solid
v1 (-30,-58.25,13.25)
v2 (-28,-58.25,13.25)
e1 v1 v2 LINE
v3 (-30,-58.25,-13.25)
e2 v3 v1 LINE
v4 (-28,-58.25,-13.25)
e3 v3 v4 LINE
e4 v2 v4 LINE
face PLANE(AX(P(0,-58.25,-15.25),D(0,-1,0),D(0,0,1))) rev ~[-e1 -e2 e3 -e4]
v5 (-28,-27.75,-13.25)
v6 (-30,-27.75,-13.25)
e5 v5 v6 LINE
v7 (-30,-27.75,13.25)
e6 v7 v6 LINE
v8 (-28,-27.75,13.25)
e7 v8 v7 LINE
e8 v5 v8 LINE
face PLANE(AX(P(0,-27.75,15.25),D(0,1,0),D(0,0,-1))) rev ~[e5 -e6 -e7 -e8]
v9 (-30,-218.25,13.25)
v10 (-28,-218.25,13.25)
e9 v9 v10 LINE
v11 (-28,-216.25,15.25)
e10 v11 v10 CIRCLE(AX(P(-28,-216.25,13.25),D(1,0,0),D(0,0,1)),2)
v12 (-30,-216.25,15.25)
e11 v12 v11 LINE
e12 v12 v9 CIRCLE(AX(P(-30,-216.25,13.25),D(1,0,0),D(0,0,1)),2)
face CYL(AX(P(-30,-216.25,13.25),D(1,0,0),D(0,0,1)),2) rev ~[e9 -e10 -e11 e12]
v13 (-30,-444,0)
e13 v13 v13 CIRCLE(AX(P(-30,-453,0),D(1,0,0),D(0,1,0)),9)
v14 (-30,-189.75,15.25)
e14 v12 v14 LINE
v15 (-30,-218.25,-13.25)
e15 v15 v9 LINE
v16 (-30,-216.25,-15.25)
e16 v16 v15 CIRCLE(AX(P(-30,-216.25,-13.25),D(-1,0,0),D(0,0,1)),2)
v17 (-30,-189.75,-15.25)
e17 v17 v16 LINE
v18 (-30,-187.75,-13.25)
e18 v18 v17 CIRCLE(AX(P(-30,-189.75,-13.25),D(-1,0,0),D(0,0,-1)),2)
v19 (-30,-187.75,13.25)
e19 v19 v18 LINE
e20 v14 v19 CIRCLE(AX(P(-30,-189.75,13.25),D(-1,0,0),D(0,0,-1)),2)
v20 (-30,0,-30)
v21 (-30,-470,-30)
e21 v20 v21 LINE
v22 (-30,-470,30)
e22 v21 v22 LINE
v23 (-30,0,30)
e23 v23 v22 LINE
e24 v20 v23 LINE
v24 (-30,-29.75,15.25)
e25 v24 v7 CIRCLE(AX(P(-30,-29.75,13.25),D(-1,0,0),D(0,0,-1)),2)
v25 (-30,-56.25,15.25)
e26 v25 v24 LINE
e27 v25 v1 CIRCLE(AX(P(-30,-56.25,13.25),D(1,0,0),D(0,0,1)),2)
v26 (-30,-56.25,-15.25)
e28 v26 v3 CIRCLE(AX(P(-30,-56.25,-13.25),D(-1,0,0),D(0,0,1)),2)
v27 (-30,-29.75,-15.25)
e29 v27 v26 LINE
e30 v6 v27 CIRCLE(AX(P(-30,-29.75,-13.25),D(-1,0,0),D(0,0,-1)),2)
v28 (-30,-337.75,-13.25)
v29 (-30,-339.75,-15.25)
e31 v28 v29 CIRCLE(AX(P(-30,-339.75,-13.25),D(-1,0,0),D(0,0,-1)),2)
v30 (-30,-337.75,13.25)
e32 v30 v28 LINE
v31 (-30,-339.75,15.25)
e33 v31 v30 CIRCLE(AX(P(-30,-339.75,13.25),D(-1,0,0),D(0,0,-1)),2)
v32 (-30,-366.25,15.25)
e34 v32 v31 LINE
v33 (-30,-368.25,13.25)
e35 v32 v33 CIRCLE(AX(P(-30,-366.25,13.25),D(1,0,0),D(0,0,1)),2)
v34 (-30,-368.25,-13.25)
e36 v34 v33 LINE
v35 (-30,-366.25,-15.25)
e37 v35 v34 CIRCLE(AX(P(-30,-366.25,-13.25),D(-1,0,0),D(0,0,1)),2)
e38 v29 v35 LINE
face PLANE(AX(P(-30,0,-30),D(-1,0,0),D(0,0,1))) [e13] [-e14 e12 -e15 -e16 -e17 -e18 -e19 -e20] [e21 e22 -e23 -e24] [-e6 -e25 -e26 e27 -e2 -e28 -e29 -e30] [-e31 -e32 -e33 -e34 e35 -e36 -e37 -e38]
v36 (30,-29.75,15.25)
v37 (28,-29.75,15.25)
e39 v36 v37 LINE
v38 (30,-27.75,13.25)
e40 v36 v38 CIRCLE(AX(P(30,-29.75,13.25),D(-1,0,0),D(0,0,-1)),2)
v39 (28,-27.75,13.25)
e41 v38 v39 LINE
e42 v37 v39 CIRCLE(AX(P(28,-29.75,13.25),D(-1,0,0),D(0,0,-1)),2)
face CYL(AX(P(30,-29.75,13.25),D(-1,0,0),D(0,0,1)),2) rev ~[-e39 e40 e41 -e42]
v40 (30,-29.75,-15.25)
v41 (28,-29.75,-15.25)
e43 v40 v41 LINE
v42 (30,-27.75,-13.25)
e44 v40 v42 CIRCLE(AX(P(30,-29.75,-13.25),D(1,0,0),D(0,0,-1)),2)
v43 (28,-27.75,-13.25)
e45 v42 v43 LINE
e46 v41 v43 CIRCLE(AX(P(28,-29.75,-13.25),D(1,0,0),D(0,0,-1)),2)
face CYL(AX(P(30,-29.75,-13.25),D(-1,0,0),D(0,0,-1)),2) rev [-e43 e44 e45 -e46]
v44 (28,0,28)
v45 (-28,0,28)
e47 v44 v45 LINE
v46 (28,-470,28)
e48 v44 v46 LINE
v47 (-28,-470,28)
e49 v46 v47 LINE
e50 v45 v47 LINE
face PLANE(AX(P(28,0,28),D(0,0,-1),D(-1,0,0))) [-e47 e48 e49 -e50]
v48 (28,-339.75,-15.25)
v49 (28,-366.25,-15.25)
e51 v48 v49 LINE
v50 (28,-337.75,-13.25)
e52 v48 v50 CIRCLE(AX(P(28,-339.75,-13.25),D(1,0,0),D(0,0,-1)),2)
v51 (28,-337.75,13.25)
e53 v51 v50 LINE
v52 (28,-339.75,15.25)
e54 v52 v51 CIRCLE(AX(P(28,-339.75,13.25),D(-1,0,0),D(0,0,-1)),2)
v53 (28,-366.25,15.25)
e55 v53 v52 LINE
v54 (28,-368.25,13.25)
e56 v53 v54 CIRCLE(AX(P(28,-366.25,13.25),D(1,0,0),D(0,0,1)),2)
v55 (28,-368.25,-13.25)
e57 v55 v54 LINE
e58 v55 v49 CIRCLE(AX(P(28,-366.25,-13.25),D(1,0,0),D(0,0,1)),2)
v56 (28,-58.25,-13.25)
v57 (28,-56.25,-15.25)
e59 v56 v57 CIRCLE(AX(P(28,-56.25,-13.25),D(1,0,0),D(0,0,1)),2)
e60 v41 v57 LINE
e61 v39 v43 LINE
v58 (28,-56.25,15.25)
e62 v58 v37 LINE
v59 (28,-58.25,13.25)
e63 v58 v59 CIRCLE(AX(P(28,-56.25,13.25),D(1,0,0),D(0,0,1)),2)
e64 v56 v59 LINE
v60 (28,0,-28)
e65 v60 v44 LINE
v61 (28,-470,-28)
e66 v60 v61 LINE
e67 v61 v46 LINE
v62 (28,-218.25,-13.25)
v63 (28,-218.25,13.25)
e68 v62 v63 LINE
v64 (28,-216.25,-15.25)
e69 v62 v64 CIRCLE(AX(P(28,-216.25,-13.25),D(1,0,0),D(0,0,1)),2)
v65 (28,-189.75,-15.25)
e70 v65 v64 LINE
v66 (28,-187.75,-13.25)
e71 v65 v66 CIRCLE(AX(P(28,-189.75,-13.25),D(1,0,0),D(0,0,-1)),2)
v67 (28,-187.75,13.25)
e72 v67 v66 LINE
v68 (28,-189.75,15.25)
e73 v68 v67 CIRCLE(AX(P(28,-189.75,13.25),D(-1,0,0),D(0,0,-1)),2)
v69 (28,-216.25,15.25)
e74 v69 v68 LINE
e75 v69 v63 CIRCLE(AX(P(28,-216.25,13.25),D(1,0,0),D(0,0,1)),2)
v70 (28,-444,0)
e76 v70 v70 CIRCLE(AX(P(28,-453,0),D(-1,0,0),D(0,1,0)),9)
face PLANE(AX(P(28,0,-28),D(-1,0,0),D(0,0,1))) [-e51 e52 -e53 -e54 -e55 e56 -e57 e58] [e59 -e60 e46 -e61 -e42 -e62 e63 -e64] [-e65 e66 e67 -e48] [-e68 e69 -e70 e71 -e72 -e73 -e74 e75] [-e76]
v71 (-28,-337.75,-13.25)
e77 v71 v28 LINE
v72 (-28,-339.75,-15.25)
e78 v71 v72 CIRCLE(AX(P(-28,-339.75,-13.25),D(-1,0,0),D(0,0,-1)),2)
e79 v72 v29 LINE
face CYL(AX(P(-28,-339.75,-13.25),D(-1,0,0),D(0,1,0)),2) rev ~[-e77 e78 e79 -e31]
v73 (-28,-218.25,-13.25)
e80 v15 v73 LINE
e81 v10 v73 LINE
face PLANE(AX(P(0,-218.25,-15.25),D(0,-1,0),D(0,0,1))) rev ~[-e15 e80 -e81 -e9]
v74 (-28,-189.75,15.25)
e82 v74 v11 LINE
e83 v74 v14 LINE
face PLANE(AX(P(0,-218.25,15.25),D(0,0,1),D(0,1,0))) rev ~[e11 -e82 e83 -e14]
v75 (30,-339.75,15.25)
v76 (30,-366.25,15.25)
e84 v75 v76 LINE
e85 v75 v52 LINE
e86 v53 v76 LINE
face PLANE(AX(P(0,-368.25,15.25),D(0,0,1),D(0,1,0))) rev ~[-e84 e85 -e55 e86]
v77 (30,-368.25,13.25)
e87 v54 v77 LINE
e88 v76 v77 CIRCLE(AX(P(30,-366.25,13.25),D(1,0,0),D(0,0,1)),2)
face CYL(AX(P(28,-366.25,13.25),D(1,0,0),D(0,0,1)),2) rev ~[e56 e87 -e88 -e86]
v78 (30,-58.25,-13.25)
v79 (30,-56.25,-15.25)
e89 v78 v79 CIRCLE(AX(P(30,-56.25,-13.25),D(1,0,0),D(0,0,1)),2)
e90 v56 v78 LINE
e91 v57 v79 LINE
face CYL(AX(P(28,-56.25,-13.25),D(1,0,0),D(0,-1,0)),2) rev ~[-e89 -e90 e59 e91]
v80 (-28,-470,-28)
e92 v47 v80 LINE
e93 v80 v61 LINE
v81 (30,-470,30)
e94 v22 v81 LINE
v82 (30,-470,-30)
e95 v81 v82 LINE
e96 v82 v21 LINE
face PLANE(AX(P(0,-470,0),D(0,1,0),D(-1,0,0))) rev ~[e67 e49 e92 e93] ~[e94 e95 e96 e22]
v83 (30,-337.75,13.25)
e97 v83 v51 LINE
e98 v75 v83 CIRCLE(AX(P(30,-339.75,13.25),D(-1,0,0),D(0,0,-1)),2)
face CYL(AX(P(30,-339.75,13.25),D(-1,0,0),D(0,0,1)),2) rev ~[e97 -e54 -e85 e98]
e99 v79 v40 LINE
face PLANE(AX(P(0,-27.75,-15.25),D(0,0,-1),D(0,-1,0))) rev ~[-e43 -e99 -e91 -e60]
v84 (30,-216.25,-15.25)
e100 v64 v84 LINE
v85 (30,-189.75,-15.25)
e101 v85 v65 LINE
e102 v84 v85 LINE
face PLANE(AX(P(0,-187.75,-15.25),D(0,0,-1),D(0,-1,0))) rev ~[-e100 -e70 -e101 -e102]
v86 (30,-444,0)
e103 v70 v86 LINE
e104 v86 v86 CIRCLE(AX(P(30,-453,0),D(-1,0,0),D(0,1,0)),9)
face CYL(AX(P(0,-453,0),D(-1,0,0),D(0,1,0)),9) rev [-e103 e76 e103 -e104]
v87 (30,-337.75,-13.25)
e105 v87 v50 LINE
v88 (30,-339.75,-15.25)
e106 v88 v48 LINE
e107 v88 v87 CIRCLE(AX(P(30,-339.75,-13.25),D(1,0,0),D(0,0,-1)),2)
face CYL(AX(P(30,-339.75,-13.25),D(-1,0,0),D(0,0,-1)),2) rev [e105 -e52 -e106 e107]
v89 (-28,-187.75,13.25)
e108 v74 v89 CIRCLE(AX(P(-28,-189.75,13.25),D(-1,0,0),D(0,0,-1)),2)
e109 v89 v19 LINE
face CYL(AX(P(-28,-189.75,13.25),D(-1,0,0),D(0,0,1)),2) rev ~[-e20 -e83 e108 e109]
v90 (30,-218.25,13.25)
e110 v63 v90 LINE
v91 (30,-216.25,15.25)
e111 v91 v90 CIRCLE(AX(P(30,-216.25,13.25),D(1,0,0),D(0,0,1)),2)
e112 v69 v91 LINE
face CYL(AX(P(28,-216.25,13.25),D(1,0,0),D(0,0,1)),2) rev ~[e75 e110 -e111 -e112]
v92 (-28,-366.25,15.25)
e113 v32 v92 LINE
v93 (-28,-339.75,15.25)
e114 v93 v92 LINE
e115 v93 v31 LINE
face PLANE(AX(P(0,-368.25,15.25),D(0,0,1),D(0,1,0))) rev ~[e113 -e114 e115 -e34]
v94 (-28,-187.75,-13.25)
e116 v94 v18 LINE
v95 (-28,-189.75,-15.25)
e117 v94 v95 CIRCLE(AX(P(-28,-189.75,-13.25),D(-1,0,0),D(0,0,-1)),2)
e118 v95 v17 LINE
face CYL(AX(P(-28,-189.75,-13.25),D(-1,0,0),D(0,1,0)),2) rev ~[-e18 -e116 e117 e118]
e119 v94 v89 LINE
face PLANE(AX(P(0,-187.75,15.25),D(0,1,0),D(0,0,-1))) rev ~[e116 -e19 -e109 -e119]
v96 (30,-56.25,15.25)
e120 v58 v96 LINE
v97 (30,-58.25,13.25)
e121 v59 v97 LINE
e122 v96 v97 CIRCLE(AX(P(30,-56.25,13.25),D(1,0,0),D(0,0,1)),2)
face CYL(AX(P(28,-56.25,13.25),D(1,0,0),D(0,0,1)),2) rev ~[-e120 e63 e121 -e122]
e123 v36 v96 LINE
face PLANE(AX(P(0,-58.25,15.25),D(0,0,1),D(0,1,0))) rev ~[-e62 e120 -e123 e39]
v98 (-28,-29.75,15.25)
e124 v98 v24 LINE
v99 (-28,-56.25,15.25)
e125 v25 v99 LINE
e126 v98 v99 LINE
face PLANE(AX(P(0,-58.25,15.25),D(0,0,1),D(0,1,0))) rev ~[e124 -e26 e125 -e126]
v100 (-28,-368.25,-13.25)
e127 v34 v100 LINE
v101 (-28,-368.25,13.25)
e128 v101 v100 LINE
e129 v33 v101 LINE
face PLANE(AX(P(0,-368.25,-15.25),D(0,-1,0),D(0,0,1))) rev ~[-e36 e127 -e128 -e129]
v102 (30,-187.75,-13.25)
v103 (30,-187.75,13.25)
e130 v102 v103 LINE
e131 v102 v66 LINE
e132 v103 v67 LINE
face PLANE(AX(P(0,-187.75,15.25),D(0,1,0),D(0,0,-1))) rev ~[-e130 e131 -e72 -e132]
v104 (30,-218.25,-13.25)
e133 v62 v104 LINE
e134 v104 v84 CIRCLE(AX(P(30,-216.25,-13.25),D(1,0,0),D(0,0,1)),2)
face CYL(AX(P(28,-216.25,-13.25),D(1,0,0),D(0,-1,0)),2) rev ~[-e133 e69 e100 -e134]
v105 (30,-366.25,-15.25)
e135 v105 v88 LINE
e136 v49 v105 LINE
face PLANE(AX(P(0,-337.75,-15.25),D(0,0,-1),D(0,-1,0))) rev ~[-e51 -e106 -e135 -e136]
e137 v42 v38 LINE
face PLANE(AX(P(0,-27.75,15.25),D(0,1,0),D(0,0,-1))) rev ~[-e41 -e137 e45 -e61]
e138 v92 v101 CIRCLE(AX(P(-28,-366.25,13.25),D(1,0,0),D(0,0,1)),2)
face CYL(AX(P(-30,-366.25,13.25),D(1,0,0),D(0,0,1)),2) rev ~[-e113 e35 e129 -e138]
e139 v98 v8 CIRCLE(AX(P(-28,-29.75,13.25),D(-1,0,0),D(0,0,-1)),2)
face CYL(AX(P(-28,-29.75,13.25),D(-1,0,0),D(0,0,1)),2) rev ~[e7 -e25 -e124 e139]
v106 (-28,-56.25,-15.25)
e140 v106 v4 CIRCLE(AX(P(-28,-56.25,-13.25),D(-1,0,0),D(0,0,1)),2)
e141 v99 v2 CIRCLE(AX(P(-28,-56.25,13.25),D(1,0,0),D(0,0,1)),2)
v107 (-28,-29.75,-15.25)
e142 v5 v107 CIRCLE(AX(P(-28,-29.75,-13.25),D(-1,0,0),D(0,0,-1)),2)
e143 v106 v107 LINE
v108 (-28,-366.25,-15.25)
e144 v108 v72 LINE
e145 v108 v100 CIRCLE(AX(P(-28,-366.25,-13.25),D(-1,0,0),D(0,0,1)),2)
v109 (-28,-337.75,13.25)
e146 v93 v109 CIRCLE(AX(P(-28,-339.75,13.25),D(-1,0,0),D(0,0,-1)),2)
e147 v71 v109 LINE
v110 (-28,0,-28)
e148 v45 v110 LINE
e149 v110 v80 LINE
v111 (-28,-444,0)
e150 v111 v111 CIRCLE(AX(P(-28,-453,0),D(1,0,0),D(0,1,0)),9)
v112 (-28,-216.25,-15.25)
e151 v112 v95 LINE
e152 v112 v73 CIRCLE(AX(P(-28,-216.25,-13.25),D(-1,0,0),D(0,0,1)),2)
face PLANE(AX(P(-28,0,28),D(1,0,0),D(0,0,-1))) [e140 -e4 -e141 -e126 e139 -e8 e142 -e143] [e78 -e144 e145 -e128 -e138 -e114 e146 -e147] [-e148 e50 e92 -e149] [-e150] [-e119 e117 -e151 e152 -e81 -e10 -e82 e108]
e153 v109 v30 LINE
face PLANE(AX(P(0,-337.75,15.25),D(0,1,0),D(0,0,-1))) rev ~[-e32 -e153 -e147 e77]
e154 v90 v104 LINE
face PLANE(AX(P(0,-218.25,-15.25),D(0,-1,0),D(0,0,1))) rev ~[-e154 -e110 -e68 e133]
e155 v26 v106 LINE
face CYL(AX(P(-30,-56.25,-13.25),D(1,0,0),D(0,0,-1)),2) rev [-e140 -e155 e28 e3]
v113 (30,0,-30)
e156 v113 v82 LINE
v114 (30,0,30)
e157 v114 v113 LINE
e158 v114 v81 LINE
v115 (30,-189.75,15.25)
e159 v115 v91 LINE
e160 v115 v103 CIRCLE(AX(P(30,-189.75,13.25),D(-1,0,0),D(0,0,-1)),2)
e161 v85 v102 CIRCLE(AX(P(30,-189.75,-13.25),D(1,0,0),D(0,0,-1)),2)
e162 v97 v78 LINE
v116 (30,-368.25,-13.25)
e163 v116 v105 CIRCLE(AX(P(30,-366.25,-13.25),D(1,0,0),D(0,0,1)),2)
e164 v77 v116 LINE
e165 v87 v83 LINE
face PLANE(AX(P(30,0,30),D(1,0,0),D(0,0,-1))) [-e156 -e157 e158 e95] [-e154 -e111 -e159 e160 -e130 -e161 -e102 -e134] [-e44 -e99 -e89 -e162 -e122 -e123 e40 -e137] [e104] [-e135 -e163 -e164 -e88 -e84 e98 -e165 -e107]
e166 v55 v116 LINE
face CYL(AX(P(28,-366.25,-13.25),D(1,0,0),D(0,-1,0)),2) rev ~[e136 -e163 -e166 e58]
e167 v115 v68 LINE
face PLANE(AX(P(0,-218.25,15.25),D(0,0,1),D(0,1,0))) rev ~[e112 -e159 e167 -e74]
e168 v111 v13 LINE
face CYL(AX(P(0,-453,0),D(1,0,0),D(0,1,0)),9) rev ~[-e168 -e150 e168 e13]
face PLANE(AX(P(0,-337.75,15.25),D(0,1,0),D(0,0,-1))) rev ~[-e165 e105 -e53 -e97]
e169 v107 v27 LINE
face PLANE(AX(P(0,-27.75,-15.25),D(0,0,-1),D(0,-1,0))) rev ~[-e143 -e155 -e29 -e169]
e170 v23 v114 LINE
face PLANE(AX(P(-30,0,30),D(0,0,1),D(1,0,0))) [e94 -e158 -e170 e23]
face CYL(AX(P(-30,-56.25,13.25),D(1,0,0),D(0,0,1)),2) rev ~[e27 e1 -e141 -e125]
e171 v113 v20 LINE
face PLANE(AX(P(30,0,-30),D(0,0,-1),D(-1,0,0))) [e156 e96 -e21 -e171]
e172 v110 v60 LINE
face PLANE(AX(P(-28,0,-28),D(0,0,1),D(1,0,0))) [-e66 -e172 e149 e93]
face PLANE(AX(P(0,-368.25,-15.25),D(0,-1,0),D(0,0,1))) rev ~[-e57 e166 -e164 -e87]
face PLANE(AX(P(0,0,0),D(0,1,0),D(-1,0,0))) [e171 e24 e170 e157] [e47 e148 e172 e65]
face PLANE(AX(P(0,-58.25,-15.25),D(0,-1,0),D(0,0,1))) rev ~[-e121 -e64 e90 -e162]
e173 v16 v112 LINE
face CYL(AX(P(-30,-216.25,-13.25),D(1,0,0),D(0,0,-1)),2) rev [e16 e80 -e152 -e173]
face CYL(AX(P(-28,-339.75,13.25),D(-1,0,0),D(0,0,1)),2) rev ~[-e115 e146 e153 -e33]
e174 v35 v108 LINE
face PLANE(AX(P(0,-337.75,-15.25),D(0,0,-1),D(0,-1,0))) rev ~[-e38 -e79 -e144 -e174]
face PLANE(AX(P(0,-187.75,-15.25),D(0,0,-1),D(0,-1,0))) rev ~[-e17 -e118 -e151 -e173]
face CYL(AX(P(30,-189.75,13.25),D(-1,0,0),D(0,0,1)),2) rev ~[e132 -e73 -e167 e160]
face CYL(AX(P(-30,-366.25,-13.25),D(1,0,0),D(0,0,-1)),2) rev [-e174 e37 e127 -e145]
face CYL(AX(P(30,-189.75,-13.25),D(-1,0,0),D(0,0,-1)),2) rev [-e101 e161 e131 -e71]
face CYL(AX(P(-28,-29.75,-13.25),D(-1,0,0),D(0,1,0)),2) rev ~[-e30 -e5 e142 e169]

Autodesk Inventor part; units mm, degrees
ref_plane "YZ Plane" through (0, 0, 0) normal (1, 0, 0) x (0, 1, 0)
ref_plane "XZ Plane" through (0, 0, 0) normal (0, 1, 0) x (-1, 0, 0)
ref_plane "XY Plane" through (0, 0, 0) normal (0, 0, 1) x (1, 0, 0)
sketch "Sketch9" plane through (0, 0, 0) normal (0, 1, 0) x (-1, 0, 0)
  line L0 (30, 30) -> (-30, 30)
  line L1 (-30, 30) -> (-30, -30)
  line L2 (-30, -30) -> (30, -30)
  line L3 (30, -30) -> (30, 30)
  line L4 (30, 30) -> (-30, -30) construction
  line L5 (-30, 30) -> (30, -30) construction
  line L6 (-28, 28) -> (28, 28)
  line L7 (28, 28) -> (28, -28)
  line L8 (28, -28) -> (-28, -28)
  line L9 (-28, -28) -> (-28, 28)
  point P0 (0, 0)
  dimension "d172" = 60
  dimension "d173" = 60
  dimension "d174" = 2
extrude "Extrusion3" add sketch "Sketch9" against normal blind 470
sketch "Sketch10" plane through (0, 0, 0) normal (1, 0, 0) x (0, 1, 0)
  line L0 (0, 30) -> (0, -30) construction
  line L1 (0, 30) -> (-470, 30) construction
  line L2 (-470, -30) -> (-470, 30) construction
  line L3 (0, -30) -> (-470, -30) construction
  line L4 (-58.25, 15.25) -> (-27.75, 15.25)
  line L5 (-27.75, 15.25) -> (-27.75, -15.25)
  line L6 (-27.75, -15.25) -> (-58.25, -15.25)
  line L7 (-58.25, -15.25) -> (-58.25, 15.25)
  line L8 (-58.25, 15.25) -> (-27.75, -15.25) construction
  line L9 (-27.75, 15.25) -> (-58.25, -15.25) construction
  line L10 (-218.25, 15.25) -> (-187.75, 15.25)
  line L11 (-187.75, 15.25) -> (-187.75, -15.25)
  line L12 (-187.75, -15.25) -> (-218.25, -15.25)
  line L13 (-218.25, -15.25) -> (-218.25, 15.25)
  line L14 (-218.25, 15.25) -> (-187.75, -15.25) construction
  line L15 (-187.75, 15.25) -> (-218.25, -15.25) construction
  line L16 (-368.25, 15.25) -> (-337.75, 15.25)
  line L17 (-337.75, 15.25) -> (-337.75, -15.25)
  line L18 (-337.75, -15.25) -> (-368.25, -15.25)
  line L19 (-368.25, -15.25) -> (-368.25, 15.25)
  line L20 (-368.25, 15.25) -> (-337.75, -15.25) construction
  line L21 (-337.75, 15.25) -> (-368.25, -15.25) construction
  circle A0 centre (-453, 0) radius 9
  line L22 (0, 0) -> (47, 0)
  point P0 (-43, 0)
  point P1 (-203, 0)
  point P2 (-353, 0)
  dimension "d177" = 30.5
  dimension "d178" = 30.5
  dimension "d181" = 47
  dimension "d182" = 90
  dimension "d183" = 250
  dimension "d184" = 400
  dimension "d185" = 500
  dimension "d186" = 18
extrude "Extrusion4" cut sketch "Sketch10" along normal through all both and the other way through all
sketch "Sketch11" plane through (30, 0, 30) normal (1, 0, 0) x (0, 0, -1)
  line L0 (45.25, -218.25) -> (14.75, -218.25) projected
  line L1 (14.75, -218.25) -> (14.75, -187.75) projected
  line L2 (14.75, -187.75) -> (45.25, -187.75) projected
  line L3 (45.25, -187.75) -> (45.25, -218.25) projected
  circle A0 centre (30, -453) radius 9 projected
  line L4 (45.25, -58.25) -> (14.75, -58.25) projected
  line L5 (14.75, -58.25) -> (14.75, -27.75) projected
  line L6 (14.75, -27.75) -> (45.25, -27.75) projected
  line L7 (45.25, -27.75) -> (45.25, -58.25) projected
  line L8 (45.25, -368.25) -> (14.75, -368.25) projected
  line L9 (14.75, -368.25) -> (14.75, -337.75) projected
  line L10 (14.75, -337.75) -> (45.25, -337.75) projected
  line L11 (45.25, -337.75) -> (45.25, -368.25) projected
  line L12 (0, 0) -> (60, 0) projected
  line L13 (0, 0) -> (0, -470) projected
  line L14 (60, -470) -> (0, -470) projected
  line L15 (60, 0) -> (60, -470) projected
  line L16 (45.25, -27.75) -> (14.75, -58.25)
  line L17 (45.25, -187.75) -> (14.75, -218.25)
  line L18 (45.25, -337.75) -> (14.75, -368.25)
  point P0 (30, 0)
sketch "Sketch13" plane through (-30, 0, -30) normal (-1, 0, 0) x (0, 0, 1)
  line L0 (45.25, -218.25) -> (14.75, -218.25) projected
  line L1 (14.75, -218.25) -> (14.75, -187.75) projected
  line L2 (14.75, -187.75) -> (45.25, -187.75) projected
  line L3 (45.25, -187.75) -> (45.25, -218.25) projected
  circle A0 centre (30, -453) radius 9 projected
  line L4 (45.25, -58.25) -> (14.75, -58.25) projected
  line L5 (14.75, -58.25) -> (14.75, -27.75) projected
  line L6 (14.75, -27.75) -> (45.25, -27.75) projected
  line L7 (45.25, -27.75) -> (45.25, -58.25) projected
  line L8 (45.25, -368.25) -> (14.75, -368.25) projected
  line L9 (14.75, -368.25) -> (14.75, -337.75) projected
  line L10 (14.75, -337.75) -> (45.25, -337.75) projected
  line L11 (45.25, -337.75) -> (45.25, -368.25) projected
  line L12 (0, 0) -> (60, 0) projected
  line L13 (0, 0) -> (0, -470) projected
  line L14 (60, -470) -> (0, -470) projected
  line L15 (60, 0) -> (60, -470) projected
  line L16 (14.75, -58.25) -> (45.25, -27.75)
  line L17 (14.75, -218.25) -> (45.25, -187.75)
  line L18 (14.75, -368.25) -> (45.25, -337.75)
  point P0 (30, 0)
fillet "Fillet1" radius 2 24 edges at (29, -337.75, -15.25) (29, -337.75, 15.25) (29, -368.25, 15.25) (29, -368.25, -15.25) (29, -218.25, -15.25) (29, -218.25, 15.25) (29, -187.75, 15.25) (29, -187.75, -15.25) (29, -58.25, 15.25) (29, -27.75, 15.25) (29, -27.75, -15.25) (29, -58.25, -15.25) (-29, -58.25, 15.25) (-29, -27.75, 15.25) (-29, -27.75, -15.25) (-29, -58.25, -15.25) (-29, -187.75, 15.25) (-29, -218.25, 15.25) (-29, -218.25, -15.25) (-29, -187.75, -15.25) (-29, -337.75, 15.25) (-29, -368.25, 15.25) (-29, -337.75, -15.25) (-29, -368.25, -15.25)
properties part number "TZS 753 FDS 1200 FLANGE 3" material "Stainless Steel"
